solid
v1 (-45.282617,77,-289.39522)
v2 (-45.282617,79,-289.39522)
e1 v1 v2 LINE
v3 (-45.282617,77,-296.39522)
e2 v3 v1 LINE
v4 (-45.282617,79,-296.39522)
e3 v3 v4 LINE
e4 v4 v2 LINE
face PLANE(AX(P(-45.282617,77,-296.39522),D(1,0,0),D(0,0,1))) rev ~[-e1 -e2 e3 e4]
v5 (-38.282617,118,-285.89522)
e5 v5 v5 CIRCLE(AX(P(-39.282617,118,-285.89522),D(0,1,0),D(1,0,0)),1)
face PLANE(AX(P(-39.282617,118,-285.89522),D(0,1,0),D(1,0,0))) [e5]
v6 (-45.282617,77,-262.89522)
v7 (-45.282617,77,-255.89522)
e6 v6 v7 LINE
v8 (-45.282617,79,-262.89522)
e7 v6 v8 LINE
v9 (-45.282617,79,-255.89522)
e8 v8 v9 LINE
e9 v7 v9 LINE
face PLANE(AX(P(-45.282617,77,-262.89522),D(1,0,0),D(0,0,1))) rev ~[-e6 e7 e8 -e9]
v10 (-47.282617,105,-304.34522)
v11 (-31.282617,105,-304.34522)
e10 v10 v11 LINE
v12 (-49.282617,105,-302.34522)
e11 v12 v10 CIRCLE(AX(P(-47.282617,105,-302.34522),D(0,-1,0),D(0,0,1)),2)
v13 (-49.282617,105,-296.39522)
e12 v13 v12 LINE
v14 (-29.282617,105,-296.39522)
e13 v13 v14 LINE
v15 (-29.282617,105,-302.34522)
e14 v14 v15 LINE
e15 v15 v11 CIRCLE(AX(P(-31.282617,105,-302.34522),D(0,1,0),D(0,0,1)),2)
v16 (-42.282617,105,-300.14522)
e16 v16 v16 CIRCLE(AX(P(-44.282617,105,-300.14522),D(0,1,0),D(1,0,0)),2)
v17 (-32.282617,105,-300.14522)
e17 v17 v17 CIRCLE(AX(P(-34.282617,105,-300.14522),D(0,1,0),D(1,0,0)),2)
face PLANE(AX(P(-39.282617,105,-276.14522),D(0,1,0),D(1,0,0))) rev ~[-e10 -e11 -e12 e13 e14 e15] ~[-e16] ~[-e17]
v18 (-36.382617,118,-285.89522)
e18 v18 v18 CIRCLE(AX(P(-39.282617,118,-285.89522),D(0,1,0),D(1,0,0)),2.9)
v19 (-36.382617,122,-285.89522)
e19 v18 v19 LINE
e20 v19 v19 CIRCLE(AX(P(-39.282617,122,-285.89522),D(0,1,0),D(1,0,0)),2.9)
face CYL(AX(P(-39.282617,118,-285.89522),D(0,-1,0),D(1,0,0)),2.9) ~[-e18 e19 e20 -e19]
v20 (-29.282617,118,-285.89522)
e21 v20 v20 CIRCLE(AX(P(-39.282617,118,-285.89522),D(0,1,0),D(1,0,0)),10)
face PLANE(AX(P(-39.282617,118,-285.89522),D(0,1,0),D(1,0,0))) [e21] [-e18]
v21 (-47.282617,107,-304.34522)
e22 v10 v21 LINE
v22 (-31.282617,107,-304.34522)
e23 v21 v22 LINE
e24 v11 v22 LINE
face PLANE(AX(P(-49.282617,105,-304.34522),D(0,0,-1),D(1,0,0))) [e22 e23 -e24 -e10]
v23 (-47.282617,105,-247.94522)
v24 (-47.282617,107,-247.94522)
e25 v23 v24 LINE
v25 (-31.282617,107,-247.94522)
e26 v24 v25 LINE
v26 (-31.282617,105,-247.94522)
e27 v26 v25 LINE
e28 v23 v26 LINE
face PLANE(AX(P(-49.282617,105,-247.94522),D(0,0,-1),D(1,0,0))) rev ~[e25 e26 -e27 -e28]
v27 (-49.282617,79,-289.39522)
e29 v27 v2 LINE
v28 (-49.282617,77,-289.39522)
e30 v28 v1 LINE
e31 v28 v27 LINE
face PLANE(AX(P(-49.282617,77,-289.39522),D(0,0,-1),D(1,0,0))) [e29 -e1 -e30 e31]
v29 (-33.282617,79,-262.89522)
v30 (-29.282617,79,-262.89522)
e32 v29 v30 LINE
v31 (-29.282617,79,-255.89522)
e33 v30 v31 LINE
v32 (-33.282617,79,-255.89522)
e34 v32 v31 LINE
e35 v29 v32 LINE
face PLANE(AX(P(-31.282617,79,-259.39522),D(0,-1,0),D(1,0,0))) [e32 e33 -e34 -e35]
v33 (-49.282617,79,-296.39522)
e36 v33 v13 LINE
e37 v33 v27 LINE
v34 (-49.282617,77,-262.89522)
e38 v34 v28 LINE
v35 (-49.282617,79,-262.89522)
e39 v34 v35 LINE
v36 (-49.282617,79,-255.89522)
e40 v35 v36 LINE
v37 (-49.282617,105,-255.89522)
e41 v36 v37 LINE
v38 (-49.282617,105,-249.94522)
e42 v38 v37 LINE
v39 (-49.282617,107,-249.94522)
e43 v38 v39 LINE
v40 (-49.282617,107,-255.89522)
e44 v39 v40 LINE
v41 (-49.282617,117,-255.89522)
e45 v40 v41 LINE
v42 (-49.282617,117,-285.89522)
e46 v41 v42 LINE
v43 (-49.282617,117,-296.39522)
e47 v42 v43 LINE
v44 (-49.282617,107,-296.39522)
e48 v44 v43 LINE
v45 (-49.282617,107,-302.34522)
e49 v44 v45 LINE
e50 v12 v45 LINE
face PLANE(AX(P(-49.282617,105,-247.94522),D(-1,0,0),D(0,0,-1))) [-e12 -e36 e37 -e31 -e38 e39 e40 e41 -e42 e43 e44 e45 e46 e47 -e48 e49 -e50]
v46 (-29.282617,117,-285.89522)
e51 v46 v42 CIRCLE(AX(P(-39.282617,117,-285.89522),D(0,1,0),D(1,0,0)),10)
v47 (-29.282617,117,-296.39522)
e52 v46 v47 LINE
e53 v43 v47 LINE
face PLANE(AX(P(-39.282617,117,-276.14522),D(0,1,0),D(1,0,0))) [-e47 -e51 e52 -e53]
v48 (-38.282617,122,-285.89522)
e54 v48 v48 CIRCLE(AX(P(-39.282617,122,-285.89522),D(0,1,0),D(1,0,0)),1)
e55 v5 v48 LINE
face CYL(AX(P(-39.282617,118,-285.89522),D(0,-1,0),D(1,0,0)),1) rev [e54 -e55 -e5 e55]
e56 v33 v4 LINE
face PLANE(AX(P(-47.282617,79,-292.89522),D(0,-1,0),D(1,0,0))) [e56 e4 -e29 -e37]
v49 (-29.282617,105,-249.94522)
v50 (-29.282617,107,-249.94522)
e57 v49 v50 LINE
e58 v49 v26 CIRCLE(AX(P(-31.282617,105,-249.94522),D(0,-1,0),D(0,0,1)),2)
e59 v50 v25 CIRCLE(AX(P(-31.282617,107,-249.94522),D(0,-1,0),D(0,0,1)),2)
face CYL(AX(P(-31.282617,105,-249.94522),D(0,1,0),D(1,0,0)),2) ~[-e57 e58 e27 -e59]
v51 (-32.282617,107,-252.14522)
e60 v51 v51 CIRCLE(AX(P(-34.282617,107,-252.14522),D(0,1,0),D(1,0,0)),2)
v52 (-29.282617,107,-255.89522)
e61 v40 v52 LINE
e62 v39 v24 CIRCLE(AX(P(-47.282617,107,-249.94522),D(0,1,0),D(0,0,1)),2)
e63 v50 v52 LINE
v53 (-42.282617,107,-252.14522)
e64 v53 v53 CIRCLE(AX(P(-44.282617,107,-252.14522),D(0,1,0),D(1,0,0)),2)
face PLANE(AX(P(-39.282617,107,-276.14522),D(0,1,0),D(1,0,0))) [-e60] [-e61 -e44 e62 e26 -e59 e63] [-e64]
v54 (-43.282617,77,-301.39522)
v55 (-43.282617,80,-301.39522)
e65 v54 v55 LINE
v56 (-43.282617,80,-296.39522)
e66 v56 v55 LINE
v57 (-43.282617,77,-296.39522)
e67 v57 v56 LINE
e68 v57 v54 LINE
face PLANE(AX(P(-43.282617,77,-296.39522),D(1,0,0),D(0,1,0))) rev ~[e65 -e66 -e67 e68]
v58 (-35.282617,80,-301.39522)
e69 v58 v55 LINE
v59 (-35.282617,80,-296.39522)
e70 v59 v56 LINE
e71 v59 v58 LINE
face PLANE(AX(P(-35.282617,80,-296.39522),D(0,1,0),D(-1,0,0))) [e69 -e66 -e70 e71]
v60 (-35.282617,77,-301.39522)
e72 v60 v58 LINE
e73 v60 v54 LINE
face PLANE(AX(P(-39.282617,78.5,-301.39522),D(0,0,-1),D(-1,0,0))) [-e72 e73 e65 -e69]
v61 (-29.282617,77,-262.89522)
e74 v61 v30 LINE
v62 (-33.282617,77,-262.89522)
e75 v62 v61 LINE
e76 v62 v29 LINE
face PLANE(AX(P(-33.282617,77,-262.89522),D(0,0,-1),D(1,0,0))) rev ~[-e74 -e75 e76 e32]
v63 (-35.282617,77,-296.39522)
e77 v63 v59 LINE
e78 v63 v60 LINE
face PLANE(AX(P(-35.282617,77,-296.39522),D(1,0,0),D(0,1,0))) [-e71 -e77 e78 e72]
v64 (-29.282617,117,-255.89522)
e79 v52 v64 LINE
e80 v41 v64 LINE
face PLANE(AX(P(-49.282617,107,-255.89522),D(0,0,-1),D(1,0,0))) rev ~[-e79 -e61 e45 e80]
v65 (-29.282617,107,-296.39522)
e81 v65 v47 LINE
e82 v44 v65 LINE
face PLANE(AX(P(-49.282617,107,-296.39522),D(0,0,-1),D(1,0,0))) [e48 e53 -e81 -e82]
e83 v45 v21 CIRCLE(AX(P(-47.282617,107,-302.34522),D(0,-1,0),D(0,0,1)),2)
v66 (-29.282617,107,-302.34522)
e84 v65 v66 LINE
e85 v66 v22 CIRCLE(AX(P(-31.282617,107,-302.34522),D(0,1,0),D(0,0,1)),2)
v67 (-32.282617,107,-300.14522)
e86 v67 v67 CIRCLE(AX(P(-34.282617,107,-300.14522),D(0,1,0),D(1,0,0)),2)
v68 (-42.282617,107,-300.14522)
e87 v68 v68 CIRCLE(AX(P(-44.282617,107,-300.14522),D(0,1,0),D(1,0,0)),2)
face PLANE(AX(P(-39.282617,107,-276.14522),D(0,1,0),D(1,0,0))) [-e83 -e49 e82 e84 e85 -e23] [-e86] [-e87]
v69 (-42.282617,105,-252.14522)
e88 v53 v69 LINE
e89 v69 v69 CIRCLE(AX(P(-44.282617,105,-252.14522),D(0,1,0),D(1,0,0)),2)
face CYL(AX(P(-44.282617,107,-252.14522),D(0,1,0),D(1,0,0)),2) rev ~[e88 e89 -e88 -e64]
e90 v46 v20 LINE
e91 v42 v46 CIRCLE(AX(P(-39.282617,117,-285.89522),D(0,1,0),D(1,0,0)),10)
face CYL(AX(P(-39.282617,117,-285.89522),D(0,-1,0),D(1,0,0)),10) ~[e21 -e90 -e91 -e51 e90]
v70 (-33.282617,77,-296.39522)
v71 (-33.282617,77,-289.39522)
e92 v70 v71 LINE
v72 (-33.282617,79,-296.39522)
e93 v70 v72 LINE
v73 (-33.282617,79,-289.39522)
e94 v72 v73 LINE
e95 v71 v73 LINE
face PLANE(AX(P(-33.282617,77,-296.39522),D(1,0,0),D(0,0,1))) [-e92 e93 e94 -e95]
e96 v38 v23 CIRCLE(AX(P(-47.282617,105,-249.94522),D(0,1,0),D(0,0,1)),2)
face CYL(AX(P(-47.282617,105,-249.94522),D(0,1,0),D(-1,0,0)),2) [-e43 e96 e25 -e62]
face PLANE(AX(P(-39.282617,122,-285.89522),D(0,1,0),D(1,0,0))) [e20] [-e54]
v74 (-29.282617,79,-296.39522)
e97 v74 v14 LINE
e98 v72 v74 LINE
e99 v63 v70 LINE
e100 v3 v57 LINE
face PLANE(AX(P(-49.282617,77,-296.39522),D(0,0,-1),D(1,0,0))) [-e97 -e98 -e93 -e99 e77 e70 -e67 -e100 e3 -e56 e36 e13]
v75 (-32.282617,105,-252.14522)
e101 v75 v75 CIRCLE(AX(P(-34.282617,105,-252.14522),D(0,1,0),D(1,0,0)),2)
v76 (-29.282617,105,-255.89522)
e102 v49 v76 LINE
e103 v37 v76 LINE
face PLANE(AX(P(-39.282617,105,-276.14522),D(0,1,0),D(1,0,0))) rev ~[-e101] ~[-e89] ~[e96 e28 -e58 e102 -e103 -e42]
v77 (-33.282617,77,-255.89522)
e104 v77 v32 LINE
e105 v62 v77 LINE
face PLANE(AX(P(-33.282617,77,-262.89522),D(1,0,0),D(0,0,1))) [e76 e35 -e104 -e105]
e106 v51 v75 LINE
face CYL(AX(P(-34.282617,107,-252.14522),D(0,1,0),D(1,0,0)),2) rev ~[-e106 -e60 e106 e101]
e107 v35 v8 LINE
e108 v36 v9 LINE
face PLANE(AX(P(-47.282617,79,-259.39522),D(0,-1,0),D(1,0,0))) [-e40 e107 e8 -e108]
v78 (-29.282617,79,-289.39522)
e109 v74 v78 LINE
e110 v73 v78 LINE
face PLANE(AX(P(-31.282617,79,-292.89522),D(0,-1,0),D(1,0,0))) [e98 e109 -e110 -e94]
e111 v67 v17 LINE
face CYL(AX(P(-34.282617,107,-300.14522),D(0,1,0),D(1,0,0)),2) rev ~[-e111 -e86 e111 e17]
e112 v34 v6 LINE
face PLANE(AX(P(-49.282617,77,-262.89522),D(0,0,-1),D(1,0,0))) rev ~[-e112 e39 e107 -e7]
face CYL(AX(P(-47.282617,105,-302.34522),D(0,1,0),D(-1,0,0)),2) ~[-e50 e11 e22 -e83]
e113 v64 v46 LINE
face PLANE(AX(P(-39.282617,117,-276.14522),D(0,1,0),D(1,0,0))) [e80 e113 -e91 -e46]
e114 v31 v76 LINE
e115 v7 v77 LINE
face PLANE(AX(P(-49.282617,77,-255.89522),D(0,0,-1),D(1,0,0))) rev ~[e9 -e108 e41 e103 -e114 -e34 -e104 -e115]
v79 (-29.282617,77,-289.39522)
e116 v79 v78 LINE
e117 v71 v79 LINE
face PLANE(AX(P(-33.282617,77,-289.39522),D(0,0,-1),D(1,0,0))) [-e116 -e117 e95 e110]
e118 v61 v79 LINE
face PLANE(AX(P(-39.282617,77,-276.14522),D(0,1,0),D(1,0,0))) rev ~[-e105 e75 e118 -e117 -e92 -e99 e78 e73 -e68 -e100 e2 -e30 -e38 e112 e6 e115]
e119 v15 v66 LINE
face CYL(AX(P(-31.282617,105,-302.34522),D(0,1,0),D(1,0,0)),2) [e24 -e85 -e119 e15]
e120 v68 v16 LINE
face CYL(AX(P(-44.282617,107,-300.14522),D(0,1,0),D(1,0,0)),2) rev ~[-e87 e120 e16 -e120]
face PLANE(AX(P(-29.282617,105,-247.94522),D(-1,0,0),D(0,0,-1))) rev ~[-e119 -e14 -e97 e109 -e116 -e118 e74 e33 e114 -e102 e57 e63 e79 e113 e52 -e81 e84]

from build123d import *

# Parameters (mm, degrees)
SKETCH2_W           = 20
SKETCH2_H           = 40.5
BOSS_EXTRUDE1_DEPTH = 28
SKETCH3_W           = 20
SKETCH3_H           = 56.4
BOSS_EXTRUDE2_DEPTH = 2
SKETCH4_W           = 20
SKETCH4_H           = 40.5
BOSS_EXTRUDE3_DEPTH = 10
SKETCH5_R           = 10
BOSS_EXTRUDE4_DEPTH = 1
SKETCH6_R           = 2.9
SKETCH6_R_2         = 1
BOSS_EXTRUDE5_DEPTH = 4
SKETCH7_R           = 2
CUT_EXTRUDE1_DEPTH  = 2
FILLET1_R           = 2
SKETCH8_W           = 4
SKETCH8_H           = 7
CUT_EXTRUDE2_DEPTH  = 2
SKETCH9_W           = 8
SKETCH9_H           = 3
BOSS_EXTRUDE6_DEPTH = 5


with BuildPart() as part:
    # Sketch2 → Boss-Extrude1 (new body)
    with BuildSketch(Plane(origin=(0, 77, 0), x_dir=(1, 0, 0), z_dir=(0, 1, 0))):
        with Locations((-39.282617367, 276.14521975)):
            Rectangle(SKETCH2_W, SKETCH2_H)
    extrude(amount=BOSS_EXTRUDE1_DEPTH)

    # Sketch3 → Boss-Extrude2 (add)
    with BuildSketch(Plane(origin=(0, 105, 0), x_dir=(1, 0, 0), z_dir=(0, 1, 0))):
        with Locations((-39.282617367, 276.14521975)):
            Rectangle(SKETCH3_W, SKETCH3_H)
    extrude(amount=BOSS_EXTRUDE2_DEPTH)

    # Sketch4 → Boss-Extrude3 (add)
    with BuildSketch(Plane(origin=(0, 107, 0), x_dir=(1, 0, 0), z_dir=(0, 1, 0))):
        with Locations((-39.282617367, 276.14521975)):
            Rectangle(SKETCH4_W, SKETCH4_H)
    extrude(amount=BOSS_EXTRUDE3_DEPTH)

    # Sketch5 → Boss-Extrude4 (add)
    with BuildSketch(Plane(origin=(0, 117, 0), x_dir=(1, 0, 0), z_dir=(0, 1, 0))):
        with Locations((-39.282617367, 285.89521975)):
            Circle(SKETCH5_R)
    extrude(amount=BOSS_EXTRUDE4_DEPTH)

    # Sketch6 → Boss-Extrude5 (add)
    with BuildSketch(Plane(origin=(0, 118, 0), x_dir=(1, 0, 0), z_dir=(0, 1, 0))):
        with Locations((-39.282617367, 285.89521975)):
            Circle(SKETCH6_R)
        with Locations((-39.282617367, 285.89521975)):
            Circle(SKETCH6_R_2, mode=Mode.SUBTRACT)
    extrude(amount=BOSS_EXTRUDE5_DEPTH)

    # Sketch7 → Cut-Extrude1 (cut)
    with BuildSketch(Plane(origin=(0, 107, 0), x_dir=(1, 0, 0), z_dir=(0, 1, 0))):
        with Locations((-44.282617367, 252.14521975)):
            Circle(SKETCH7_R)
        with Locations((-34.282617367, 252.14521975)):
            Circle(SKETCH7_R)
        with Locations((-34.282617367, 300.14521975)):
            Circle(SKETCH7_R)
        with Locations((-44.282617367, 300.14521975)):
            Circle(SKETCH7_R)
    extrude(amount=-CUT_EXTRUDE1_DEPTH, mode=Mode.SUBTRACT)

    # Fillet1
    fillet1_edges = [part.edges().sort_by_distance(p)[0] for p in [
        (-49.282617367, 106, -304.34521975),
        (-49.282617367, 106, -247.94521975),
        (-29.282617367, 106, -247.94521975),
        (-29.282617367, 106, -304.34521975),
    ]]
    fillet(fillet1_edges, radius=FILLET1_R)

    # Sketch8 → Cut-Extrude2 (cut)
    with BuildSketch(Plane.XZ.offset(-77)):
        with Locations((-31.282617367, -259.39521975)):
            Rectangle(SKETCH8_W, SKETCH8_H)
        with Locations((-31.282617367, -292.89521975)):
            Rectangle(SKETCH8_W, SKETCH8_H)
        with Locations((-47.282617367, -292.89521975)):
            Rectangle(SKETCH8_W, SKETCH8_H)
        with Locations((-47.282617367, -259.39521975)):
            Rectangle(SKETCH8_W, SKETCH8_H)
    extrude(amount=-CUT_EXTRUDE2_DEPTH, mode=Mode.SUBTRACT)

    # Sketch9 → Boss-Extrude6 (add)
    with BuildSketch(Plane(origin=(0, 0, -296.39521975), x_dir=(-1, 0, 0), z_dir=(0, 0, -1))):
        with Locations((39.282617367, 78.5)):
            Rectangle(SKETCH9_W, SKETCH9_H)
    extrude(amount=BOSS_EXTRUDE6_DEPTH)


solid = part.part
